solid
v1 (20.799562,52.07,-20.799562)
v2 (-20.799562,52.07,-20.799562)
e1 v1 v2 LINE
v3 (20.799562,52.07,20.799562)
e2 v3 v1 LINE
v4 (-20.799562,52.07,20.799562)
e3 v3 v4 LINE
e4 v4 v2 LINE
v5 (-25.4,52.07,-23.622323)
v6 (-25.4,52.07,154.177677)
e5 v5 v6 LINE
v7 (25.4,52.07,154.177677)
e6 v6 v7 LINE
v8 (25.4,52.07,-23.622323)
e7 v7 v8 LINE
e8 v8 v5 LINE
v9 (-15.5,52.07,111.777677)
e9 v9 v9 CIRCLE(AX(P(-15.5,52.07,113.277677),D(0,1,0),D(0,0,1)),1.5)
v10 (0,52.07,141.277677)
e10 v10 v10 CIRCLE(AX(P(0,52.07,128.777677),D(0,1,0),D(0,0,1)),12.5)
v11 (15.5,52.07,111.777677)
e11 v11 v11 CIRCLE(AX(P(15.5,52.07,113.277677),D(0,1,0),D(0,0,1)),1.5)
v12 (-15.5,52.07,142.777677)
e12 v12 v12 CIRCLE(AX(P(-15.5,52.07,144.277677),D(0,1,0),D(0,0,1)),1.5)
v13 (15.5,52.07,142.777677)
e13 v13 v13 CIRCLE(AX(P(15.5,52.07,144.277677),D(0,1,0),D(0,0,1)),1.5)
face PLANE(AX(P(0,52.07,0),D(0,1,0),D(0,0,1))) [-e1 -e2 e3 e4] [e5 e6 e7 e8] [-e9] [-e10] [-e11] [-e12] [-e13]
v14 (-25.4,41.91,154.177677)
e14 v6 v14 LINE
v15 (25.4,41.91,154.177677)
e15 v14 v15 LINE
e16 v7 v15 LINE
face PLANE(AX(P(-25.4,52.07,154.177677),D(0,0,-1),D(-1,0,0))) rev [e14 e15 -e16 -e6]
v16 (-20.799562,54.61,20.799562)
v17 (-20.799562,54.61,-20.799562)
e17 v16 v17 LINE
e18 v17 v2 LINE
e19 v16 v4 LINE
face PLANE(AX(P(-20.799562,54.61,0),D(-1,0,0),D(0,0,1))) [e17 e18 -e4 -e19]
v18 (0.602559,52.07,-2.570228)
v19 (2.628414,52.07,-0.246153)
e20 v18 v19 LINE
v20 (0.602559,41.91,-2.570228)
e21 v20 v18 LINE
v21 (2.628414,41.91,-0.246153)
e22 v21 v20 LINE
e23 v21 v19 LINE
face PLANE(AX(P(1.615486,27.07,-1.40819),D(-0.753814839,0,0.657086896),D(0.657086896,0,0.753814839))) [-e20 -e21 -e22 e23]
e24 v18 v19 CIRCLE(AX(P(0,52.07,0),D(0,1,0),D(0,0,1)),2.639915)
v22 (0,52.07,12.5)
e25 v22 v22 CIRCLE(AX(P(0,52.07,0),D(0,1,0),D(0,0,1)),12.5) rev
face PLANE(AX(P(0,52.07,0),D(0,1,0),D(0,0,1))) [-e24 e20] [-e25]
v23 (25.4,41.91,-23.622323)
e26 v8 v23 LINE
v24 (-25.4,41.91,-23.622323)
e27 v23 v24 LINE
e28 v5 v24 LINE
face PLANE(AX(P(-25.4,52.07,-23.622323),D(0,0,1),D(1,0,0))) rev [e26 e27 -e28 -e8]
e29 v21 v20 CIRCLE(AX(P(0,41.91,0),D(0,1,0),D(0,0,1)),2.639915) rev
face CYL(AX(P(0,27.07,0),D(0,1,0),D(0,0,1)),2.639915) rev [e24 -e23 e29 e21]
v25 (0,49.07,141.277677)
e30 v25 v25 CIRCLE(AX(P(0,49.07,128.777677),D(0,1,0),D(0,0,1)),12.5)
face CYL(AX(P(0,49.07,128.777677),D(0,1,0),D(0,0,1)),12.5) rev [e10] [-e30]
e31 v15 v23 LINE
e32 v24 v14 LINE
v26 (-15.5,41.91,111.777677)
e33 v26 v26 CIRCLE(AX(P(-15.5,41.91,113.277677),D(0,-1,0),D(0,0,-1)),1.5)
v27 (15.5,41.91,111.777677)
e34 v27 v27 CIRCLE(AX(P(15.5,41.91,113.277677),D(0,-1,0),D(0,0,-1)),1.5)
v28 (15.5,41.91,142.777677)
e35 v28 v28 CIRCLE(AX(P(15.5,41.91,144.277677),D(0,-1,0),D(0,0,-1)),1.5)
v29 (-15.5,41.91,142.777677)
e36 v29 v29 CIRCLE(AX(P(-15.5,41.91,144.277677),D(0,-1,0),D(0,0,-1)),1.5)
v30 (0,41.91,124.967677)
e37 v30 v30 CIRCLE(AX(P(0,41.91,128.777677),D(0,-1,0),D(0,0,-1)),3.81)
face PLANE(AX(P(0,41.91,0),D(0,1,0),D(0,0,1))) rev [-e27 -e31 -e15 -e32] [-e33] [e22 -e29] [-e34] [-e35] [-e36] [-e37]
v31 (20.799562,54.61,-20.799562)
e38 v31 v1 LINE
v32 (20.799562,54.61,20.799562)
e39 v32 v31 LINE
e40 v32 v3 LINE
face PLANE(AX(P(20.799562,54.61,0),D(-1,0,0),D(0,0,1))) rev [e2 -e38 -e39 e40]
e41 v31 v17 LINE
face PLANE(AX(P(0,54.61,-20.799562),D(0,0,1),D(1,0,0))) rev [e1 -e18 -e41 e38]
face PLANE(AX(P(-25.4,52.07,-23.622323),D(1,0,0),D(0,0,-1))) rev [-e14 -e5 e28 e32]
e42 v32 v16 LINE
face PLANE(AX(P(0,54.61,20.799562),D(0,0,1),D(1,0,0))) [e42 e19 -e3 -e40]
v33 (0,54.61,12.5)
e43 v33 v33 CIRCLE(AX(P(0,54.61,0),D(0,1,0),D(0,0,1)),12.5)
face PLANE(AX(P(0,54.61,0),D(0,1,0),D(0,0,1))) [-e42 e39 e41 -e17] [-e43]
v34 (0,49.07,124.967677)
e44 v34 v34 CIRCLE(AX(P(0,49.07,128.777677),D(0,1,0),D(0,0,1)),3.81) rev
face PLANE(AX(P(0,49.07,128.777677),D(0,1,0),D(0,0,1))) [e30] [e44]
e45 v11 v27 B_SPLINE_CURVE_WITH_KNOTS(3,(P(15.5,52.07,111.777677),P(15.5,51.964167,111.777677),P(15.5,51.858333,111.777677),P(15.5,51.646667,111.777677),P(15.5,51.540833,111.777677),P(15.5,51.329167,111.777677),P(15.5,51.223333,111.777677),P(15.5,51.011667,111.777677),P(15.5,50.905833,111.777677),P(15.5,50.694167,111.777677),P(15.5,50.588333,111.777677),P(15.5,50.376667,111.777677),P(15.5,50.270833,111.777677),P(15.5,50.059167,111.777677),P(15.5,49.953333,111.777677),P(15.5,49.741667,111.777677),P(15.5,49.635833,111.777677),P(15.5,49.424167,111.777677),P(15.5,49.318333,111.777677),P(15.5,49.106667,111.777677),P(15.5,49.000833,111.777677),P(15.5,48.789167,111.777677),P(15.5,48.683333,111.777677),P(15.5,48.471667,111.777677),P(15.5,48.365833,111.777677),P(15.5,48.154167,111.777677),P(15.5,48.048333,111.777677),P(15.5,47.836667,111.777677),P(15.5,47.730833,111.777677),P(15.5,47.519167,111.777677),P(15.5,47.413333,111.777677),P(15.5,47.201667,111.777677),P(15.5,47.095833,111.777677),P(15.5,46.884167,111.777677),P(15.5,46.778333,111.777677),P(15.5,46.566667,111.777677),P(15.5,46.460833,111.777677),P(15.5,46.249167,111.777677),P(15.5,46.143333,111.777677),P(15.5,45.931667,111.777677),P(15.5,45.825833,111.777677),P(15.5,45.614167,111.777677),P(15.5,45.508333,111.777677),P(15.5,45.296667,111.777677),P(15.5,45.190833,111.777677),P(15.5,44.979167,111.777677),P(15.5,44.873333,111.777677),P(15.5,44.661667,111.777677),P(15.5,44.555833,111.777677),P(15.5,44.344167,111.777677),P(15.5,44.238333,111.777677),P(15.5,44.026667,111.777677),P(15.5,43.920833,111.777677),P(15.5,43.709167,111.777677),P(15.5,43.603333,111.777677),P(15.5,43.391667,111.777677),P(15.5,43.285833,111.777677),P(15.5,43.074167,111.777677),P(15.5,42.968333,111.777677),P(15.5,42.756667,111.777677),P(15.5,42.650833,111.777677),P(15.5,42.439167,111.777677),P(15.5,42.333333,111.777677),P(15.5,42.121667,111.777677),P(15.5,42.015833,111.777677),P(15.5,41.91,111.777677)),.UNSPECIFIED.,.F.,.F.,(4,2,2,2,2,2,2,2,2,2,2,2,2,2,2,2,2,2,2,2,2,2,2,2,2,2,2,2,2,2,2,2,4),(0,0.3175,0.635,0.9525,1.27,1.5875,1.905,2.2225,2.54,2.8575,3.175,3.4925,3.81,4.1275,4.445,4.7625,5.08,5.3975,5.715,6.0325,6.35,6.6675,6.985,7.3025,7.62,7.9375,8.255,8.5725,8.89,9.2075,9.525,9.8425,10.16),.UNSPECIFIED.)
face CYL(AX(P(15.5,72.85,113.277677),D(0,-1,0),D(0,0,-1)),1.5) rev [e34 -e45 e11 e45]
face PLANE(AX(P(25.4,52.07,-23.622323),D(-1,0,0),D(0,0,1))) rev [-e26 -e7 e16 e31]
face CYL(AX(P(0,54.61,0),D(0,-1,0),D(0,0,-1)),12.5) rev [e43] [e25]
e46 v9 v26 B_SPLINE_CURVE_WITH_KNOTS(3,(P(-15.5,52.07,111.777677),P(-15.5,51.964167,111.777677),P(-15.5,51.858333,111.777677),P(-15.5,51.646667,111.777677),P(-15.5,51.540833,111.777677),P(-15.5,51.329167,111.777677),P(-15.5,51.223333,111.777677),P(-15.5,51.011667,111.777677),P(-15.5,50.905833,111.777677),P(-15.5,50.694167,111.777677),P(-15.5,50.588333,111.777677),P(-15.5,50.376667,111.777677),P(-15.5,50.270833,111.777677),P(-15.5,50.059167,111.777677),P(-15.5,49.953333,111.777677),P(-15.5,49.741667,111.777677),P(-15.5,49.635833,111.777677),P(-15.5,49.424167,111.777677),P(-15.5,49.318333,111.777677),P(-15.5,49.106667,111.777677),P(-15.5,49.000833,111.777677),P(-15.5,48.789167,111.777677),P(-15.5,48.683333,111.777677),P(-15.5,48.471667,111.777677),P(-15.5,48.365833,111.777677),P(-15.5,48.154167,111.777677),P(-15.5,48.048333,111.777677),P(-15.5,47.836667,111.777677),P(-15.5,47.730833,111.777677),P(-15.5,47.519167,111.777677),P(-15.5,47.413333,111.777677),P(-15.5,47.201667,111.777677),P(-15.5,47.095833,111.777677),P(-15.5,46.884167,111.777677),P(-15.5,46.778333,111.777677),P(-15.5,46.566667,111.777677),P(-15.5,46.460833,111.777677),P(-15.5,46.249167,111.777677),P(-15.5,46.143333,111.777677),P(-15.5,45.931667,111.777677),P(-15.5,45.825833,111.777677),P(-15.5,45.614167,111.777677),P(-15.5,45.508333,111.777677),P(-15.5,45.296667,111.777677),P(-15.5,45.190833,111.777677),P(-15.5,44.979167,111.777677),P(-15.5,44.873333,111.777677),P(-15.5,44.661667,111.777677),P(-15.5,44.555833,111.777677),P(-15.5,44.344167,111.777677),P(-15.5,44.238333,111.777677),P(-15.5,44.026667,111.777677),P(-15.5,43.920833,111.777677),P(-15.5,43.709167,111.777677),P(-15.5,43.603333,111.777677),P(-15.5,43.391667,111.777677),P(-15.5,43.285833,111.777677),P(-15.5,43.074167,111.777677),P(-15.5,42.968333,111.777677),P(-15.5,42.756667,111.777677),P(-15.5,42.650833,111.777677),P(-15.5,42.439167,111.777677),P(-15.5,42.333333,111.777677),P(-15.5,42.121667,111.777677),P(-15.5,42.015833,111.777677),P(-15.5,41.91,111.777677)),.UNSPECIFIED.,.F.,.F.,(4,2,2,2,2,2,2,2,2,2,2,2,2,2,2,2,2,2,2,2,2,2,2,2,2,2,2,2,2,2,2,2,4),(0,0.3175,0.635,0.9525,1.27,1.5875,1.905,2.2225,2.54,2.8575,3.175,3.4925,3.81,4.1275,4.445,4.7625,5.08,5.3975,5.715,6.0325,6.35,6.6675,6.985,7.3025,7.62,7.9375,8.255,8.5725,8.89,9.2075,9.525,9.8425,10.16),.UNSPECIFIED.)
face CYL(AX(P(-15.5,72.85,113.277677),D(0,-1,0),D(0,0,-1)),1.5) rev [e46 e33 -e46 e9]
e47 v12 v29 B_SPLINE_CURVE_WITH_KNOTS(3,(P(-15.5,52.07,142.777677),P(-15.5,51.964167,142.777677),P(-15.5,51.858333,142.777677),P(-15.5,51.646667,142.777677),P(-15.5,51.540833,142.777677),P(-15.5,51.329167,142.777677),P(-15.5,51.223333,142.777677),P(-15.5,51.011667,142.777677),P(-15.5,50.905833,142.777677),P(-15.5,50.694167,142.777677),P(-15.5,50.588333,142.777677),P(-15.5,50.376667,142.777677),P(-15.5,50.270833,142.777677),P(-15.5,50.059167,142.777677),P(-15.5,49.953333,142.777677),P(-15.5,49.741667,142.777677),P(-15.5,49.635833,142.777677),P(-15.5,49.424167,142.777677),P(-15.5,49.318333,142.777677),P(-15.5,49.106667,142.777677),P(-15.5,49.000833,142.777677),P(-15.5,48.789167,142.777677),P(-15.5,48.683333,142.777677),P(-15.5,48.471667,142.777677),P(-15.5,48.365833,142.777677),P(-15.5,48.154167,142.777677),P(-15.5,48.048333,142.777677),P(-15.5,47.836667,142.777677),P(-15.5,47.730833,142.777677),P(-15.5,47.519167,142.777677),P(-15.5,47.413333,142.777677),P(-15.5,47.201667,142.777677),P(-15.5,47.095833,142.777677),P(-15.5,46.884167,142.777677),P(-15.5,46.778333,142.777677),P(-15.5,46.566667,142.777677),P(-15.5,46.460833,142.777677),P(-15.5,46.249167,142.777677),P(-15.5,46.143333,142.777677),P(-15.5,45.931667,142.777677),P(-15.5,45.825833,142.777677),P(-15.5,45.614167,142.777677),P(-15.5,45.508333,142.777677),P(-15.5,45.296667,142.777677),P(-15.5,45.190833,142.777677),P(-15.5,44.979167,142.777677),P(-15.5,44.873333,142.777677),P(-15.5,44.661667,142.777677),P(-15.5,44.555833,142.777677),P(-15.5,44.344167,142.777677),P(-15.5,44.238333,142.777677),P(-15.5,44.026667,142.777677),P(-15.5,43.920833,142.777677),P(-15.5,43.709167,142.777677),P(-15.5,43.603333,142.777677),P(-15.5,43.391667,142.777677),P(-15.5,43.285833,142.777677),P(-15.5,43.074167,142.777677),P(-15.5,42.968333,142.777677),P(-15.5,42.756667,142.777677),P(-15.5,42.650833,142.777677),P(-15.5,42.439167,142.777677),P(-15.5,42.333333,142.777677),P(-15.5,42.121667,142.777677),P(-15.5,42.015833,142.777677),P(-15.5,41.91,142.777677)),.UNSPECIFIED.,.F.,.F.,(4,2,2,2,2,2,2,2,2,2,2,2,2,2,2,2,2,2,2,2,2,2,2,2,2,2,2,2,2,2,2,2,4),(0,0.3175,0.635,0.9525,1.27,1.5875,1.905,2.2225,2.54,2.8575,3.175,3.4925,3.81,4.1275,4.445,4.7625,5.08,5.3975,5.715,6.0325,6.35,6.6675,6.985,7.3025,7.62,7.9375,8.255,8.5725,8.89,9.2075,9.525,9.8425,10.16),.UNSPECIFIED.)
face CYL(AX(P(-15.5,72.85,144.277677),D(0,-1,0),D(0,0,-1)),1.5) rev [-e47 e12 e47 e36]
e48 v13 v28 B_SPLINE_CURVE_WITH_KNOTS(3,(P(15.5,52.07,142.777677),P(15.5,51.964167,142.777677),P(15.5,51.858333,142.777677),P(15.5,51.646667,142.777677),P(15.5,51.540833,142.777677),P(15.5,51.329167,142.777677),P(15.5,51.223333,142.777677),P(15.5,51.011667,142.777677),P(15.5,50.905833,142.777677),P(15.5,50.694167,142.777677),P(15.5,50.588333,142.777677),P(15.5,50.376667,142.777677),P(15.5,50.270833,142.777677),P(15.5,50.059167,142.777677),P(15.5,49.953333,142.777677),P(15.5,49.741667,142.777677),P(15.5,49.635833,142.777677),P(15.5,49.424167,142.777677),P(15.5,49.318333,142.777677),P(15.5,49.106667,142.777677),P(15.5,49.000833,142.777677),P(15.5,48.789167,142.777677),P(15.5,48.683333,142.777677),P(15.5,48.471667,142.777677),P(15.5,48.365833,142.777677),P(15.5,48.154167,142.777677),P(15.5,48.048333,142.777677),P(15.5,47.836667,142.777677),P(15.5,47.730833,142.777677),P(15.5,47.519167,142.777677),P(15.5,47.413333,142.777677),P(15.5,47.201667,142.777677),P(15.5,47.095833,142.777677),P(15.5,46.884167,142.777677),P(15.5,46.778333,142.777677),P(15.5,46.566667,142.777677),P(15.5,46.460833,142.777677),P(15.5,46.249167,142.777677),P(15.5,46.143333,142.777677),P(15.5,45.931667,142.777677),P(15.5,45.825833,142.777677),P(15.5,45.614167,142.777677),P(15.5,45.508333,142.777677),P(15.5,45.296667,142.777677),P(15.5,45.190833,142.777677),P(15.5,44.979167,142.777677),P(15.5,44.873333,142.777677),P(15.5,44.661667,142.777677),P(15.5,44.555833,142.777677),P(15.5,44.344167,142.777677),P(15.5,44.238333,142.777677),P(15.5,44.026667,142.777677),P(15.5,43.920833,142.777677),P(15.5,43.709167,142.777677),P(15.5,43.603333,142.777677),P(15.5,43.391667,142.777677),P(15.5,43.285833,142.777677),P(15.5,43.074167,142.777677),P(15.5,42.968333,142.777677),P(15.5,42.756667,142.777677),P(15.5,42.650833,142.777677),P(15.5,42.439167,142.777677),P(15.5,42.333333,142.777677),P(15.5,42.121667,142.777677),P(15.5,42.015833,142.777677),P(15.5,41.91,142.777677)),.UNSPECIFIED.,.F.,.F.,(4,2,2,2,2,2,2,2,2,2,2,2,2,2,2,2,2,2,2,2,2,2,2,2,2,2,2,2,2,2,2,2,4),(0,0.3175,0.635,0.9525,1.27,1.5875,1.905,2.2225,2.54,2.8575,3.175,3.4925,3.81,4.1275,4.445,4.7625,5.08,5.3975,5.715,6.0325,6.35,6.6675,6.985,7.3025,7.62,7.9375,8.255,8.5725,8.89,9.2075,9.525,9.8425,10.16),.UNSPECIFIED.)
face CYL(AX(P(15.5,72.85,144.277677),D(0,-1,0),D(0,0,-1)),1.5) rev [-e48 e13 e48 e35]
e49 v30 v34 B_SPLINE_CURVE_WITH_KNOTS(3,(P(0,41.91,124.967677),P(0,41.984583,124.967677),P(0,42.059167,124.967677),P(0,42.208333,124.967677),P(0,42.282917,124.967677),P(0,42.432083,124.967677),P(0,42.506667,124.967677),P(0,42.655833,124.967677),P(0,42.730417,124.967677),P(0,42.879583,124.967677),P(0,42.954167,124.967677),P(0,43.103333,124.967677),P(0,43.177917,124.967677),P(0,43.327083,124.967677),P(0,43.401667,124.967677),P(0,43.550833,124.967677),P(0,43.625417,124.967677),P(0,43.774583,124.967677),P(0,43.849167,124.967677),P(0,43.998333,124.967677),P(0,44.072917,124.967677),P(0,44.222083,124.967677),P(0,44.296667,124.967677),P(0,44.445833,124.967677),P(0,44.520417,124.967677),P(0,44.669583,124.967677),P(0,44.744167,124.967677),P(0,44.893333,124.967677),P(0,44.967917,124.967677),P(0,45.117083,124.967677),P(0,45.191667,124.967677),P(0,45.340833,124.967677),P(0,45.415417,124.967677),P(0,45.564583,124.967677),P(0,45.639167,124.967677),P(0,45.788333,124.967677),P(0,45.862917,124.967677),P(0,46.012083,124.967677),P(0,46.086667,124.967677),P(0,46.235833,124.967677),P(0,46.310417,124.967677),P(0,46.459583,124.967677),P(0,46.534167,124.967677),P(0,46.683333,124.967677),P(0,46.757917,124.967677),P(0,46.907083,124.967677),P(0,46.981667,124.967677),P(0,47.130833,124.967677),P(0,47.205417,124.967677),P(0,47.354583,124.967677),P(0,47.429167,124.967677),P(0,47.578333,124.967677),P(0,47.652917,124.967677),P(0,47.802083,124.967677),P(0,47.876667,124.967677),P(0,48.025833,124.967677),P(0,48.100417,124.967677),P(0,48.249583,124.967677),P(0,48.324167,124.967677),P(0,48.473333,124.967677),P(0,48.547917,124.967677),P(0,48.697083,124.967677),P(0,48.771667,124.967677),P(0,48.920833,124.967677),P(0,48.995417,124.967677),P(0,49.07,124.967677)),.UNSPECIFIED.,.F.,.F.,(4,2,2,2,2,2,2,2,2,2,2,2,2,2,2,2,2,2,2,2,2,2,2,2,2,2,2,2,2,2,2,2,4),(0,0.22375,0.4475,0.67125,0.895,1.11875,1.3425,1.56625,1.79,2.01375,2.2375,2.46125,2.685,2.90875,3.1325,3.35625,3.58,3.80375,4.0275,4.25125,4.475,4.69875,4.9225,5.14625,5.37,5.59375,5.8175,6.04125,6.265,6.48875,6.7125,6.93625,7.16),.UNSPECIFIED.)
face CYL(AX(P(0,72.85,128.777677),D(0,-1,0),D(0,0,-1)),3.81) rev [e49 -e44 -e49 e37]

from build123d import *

# Parameters (mm, degrees)
SKETCH2_R           = 5.08
BOSS_EXTRUDE2_DEPTH = 41.91
SKETCH8_W           = 50.8
SKETCH8_H           = 177.8
BOSS_EXTRUDE3_DEPTH = 10.16
SKETCH11_W          = 41.599124914
SKETCH11_H          = 41.599124914
SKETCH11_R          = 12.5
BOSS_EXTRUDE6_DEPTH = 2.54
CUT_EXTRUDE1_DEPTH  = 25
SKETCH14_R          = 1.5
SKETCH14_R_2        = 3.81
CUT_EXTRUDE5_DEPTH  = 30.94
SKETCH18_R          = 12.5
CUT_EXTRUDE6_DEPTH  = 3
SKETCH19_W          = 42.604525883
SKETCH19_H          = 46.988260705
CUT_EXTRUDE7_DEPTH  = 85.804


with BuildPart() as part:
    # Sketch2 → Boss-Extrude2 (new body)
    with BuildSketch(Plane(origin=(0, 0, 0), x_dir=(-1, 0, 0), z_dir=(0, 1, 0))):
        with Locations(Location((0, 0, 0), (0, 0, 90))):
            Circle(SKETCH2_R)
    extrude(amount=BOSS_EXTRUDE2_DEPTH)

    # Sketch8 → Boss-Extrude3 (add)
    with BuildSketch(Plane(origin=(0, 41.91, 0), x_dir=(1, 0, 0), z_dir=(0, 1, 0))):
        with Locations((0, -65.27767655)):
            Rectangle(SKETCH8_W, SKETCH8_H)
    extrude(amount=BOSS_EXTRUDE3_DEPTH)

    # Sketch11 → Boss-Extrude6 (add)
    with BuildSketch(Plane(origin=(0, 52.07, 0), x_dir=(1, 0, 0), z_dir=(0, 1, 0))):
        Rectangle(SKETCH11_W, SKETCH11_H)
        with Locations(Location((0, 0, 0), (0, 0, 270))):
            Circle(SKETCH11_R, mode=Mode.SUBTRACT)
    extrude(amount=BOSS_EXTRUDE6_DEPTH)

    # Sketch12 → Cut-Extrude1 (cut)
    with BuildSketch(Plane(origin=(0, 52.07, 0), x_dir=(1, 0, 0), z_dir=(0, 1, 0))):
        with BuildLine():
            Line((2.628413525, 0.246153039), (0.602559077, 2.570227915))
            ThreePointArc((0.602559077, 2.570227915), (-2.068798379, -1.639884826), (2.639914577, 0))
            ThreePointArc((2.639914577, 0), (2.637037747, 0.123210788), (2.628413525, 0.246153039))
        make_face()
    extrude(amount=-CUT_EXTRUDE1_DEPTH, mode=Mode.SUBTRACT)

    # Sketch14 → Cut-Extrude5 (cut)
    with BuildSketch(Plane.XZ.offset(-41.91)):
        with Locations(Location((15.5, 144.27767655, 0), (0, 0, 270))):
            Circle(SKETCH14_R)
        with Locations(Location((0, 128.77767655, 0), (0, 0, 270))):
            Circle(SKETCH14_R_2)
        with Locations(Location((-15.5, 113.27767655, 0), (0, 0, 270))):
            Circle(SKETCH14_R)
        with Locations(Location((15.5, 113.27767655, 0), (0, 0, 270))):
            Circle(SKETCH14_R)
        with Locations(Location((-15.5, 144.27767655, 0), (0, 0, 270))):
            Circle(SKETCH14_R)
    extrude(amount=-CUT_EXTRUDE5_DEPTH, mode=Mode.SUBTRACT)

    # Sketch18 → Cut-Extrude6 (cut)
    with BuildSketch(Plane(origin=(0, 52.07, 0), x_dir=(1, 0, 0), z_dir=(0, 1, 0))):
        with Locations(Location((0, -128.77767655, 0), (0, 0, 270))):
            Circle(SKETCH18_R)
    extrude(amount=-CUT_EXTRUDE6_DEPTH, mode=Mode.SUBTRACT)

    # Sketch19 → Cut-Extrude7 (cut)
    with BuildSketch(Plane.ZY.offset(25.4)):
        with Locations((-1.112784187, 18.415869648)):
            Rectangle(SKETCH19_W, SKETCH19_H)
    extrude(amount=-CUT_EXTRUDE7_DEPTH, mode=Mode.SUBTRACT)


solid = part.part
